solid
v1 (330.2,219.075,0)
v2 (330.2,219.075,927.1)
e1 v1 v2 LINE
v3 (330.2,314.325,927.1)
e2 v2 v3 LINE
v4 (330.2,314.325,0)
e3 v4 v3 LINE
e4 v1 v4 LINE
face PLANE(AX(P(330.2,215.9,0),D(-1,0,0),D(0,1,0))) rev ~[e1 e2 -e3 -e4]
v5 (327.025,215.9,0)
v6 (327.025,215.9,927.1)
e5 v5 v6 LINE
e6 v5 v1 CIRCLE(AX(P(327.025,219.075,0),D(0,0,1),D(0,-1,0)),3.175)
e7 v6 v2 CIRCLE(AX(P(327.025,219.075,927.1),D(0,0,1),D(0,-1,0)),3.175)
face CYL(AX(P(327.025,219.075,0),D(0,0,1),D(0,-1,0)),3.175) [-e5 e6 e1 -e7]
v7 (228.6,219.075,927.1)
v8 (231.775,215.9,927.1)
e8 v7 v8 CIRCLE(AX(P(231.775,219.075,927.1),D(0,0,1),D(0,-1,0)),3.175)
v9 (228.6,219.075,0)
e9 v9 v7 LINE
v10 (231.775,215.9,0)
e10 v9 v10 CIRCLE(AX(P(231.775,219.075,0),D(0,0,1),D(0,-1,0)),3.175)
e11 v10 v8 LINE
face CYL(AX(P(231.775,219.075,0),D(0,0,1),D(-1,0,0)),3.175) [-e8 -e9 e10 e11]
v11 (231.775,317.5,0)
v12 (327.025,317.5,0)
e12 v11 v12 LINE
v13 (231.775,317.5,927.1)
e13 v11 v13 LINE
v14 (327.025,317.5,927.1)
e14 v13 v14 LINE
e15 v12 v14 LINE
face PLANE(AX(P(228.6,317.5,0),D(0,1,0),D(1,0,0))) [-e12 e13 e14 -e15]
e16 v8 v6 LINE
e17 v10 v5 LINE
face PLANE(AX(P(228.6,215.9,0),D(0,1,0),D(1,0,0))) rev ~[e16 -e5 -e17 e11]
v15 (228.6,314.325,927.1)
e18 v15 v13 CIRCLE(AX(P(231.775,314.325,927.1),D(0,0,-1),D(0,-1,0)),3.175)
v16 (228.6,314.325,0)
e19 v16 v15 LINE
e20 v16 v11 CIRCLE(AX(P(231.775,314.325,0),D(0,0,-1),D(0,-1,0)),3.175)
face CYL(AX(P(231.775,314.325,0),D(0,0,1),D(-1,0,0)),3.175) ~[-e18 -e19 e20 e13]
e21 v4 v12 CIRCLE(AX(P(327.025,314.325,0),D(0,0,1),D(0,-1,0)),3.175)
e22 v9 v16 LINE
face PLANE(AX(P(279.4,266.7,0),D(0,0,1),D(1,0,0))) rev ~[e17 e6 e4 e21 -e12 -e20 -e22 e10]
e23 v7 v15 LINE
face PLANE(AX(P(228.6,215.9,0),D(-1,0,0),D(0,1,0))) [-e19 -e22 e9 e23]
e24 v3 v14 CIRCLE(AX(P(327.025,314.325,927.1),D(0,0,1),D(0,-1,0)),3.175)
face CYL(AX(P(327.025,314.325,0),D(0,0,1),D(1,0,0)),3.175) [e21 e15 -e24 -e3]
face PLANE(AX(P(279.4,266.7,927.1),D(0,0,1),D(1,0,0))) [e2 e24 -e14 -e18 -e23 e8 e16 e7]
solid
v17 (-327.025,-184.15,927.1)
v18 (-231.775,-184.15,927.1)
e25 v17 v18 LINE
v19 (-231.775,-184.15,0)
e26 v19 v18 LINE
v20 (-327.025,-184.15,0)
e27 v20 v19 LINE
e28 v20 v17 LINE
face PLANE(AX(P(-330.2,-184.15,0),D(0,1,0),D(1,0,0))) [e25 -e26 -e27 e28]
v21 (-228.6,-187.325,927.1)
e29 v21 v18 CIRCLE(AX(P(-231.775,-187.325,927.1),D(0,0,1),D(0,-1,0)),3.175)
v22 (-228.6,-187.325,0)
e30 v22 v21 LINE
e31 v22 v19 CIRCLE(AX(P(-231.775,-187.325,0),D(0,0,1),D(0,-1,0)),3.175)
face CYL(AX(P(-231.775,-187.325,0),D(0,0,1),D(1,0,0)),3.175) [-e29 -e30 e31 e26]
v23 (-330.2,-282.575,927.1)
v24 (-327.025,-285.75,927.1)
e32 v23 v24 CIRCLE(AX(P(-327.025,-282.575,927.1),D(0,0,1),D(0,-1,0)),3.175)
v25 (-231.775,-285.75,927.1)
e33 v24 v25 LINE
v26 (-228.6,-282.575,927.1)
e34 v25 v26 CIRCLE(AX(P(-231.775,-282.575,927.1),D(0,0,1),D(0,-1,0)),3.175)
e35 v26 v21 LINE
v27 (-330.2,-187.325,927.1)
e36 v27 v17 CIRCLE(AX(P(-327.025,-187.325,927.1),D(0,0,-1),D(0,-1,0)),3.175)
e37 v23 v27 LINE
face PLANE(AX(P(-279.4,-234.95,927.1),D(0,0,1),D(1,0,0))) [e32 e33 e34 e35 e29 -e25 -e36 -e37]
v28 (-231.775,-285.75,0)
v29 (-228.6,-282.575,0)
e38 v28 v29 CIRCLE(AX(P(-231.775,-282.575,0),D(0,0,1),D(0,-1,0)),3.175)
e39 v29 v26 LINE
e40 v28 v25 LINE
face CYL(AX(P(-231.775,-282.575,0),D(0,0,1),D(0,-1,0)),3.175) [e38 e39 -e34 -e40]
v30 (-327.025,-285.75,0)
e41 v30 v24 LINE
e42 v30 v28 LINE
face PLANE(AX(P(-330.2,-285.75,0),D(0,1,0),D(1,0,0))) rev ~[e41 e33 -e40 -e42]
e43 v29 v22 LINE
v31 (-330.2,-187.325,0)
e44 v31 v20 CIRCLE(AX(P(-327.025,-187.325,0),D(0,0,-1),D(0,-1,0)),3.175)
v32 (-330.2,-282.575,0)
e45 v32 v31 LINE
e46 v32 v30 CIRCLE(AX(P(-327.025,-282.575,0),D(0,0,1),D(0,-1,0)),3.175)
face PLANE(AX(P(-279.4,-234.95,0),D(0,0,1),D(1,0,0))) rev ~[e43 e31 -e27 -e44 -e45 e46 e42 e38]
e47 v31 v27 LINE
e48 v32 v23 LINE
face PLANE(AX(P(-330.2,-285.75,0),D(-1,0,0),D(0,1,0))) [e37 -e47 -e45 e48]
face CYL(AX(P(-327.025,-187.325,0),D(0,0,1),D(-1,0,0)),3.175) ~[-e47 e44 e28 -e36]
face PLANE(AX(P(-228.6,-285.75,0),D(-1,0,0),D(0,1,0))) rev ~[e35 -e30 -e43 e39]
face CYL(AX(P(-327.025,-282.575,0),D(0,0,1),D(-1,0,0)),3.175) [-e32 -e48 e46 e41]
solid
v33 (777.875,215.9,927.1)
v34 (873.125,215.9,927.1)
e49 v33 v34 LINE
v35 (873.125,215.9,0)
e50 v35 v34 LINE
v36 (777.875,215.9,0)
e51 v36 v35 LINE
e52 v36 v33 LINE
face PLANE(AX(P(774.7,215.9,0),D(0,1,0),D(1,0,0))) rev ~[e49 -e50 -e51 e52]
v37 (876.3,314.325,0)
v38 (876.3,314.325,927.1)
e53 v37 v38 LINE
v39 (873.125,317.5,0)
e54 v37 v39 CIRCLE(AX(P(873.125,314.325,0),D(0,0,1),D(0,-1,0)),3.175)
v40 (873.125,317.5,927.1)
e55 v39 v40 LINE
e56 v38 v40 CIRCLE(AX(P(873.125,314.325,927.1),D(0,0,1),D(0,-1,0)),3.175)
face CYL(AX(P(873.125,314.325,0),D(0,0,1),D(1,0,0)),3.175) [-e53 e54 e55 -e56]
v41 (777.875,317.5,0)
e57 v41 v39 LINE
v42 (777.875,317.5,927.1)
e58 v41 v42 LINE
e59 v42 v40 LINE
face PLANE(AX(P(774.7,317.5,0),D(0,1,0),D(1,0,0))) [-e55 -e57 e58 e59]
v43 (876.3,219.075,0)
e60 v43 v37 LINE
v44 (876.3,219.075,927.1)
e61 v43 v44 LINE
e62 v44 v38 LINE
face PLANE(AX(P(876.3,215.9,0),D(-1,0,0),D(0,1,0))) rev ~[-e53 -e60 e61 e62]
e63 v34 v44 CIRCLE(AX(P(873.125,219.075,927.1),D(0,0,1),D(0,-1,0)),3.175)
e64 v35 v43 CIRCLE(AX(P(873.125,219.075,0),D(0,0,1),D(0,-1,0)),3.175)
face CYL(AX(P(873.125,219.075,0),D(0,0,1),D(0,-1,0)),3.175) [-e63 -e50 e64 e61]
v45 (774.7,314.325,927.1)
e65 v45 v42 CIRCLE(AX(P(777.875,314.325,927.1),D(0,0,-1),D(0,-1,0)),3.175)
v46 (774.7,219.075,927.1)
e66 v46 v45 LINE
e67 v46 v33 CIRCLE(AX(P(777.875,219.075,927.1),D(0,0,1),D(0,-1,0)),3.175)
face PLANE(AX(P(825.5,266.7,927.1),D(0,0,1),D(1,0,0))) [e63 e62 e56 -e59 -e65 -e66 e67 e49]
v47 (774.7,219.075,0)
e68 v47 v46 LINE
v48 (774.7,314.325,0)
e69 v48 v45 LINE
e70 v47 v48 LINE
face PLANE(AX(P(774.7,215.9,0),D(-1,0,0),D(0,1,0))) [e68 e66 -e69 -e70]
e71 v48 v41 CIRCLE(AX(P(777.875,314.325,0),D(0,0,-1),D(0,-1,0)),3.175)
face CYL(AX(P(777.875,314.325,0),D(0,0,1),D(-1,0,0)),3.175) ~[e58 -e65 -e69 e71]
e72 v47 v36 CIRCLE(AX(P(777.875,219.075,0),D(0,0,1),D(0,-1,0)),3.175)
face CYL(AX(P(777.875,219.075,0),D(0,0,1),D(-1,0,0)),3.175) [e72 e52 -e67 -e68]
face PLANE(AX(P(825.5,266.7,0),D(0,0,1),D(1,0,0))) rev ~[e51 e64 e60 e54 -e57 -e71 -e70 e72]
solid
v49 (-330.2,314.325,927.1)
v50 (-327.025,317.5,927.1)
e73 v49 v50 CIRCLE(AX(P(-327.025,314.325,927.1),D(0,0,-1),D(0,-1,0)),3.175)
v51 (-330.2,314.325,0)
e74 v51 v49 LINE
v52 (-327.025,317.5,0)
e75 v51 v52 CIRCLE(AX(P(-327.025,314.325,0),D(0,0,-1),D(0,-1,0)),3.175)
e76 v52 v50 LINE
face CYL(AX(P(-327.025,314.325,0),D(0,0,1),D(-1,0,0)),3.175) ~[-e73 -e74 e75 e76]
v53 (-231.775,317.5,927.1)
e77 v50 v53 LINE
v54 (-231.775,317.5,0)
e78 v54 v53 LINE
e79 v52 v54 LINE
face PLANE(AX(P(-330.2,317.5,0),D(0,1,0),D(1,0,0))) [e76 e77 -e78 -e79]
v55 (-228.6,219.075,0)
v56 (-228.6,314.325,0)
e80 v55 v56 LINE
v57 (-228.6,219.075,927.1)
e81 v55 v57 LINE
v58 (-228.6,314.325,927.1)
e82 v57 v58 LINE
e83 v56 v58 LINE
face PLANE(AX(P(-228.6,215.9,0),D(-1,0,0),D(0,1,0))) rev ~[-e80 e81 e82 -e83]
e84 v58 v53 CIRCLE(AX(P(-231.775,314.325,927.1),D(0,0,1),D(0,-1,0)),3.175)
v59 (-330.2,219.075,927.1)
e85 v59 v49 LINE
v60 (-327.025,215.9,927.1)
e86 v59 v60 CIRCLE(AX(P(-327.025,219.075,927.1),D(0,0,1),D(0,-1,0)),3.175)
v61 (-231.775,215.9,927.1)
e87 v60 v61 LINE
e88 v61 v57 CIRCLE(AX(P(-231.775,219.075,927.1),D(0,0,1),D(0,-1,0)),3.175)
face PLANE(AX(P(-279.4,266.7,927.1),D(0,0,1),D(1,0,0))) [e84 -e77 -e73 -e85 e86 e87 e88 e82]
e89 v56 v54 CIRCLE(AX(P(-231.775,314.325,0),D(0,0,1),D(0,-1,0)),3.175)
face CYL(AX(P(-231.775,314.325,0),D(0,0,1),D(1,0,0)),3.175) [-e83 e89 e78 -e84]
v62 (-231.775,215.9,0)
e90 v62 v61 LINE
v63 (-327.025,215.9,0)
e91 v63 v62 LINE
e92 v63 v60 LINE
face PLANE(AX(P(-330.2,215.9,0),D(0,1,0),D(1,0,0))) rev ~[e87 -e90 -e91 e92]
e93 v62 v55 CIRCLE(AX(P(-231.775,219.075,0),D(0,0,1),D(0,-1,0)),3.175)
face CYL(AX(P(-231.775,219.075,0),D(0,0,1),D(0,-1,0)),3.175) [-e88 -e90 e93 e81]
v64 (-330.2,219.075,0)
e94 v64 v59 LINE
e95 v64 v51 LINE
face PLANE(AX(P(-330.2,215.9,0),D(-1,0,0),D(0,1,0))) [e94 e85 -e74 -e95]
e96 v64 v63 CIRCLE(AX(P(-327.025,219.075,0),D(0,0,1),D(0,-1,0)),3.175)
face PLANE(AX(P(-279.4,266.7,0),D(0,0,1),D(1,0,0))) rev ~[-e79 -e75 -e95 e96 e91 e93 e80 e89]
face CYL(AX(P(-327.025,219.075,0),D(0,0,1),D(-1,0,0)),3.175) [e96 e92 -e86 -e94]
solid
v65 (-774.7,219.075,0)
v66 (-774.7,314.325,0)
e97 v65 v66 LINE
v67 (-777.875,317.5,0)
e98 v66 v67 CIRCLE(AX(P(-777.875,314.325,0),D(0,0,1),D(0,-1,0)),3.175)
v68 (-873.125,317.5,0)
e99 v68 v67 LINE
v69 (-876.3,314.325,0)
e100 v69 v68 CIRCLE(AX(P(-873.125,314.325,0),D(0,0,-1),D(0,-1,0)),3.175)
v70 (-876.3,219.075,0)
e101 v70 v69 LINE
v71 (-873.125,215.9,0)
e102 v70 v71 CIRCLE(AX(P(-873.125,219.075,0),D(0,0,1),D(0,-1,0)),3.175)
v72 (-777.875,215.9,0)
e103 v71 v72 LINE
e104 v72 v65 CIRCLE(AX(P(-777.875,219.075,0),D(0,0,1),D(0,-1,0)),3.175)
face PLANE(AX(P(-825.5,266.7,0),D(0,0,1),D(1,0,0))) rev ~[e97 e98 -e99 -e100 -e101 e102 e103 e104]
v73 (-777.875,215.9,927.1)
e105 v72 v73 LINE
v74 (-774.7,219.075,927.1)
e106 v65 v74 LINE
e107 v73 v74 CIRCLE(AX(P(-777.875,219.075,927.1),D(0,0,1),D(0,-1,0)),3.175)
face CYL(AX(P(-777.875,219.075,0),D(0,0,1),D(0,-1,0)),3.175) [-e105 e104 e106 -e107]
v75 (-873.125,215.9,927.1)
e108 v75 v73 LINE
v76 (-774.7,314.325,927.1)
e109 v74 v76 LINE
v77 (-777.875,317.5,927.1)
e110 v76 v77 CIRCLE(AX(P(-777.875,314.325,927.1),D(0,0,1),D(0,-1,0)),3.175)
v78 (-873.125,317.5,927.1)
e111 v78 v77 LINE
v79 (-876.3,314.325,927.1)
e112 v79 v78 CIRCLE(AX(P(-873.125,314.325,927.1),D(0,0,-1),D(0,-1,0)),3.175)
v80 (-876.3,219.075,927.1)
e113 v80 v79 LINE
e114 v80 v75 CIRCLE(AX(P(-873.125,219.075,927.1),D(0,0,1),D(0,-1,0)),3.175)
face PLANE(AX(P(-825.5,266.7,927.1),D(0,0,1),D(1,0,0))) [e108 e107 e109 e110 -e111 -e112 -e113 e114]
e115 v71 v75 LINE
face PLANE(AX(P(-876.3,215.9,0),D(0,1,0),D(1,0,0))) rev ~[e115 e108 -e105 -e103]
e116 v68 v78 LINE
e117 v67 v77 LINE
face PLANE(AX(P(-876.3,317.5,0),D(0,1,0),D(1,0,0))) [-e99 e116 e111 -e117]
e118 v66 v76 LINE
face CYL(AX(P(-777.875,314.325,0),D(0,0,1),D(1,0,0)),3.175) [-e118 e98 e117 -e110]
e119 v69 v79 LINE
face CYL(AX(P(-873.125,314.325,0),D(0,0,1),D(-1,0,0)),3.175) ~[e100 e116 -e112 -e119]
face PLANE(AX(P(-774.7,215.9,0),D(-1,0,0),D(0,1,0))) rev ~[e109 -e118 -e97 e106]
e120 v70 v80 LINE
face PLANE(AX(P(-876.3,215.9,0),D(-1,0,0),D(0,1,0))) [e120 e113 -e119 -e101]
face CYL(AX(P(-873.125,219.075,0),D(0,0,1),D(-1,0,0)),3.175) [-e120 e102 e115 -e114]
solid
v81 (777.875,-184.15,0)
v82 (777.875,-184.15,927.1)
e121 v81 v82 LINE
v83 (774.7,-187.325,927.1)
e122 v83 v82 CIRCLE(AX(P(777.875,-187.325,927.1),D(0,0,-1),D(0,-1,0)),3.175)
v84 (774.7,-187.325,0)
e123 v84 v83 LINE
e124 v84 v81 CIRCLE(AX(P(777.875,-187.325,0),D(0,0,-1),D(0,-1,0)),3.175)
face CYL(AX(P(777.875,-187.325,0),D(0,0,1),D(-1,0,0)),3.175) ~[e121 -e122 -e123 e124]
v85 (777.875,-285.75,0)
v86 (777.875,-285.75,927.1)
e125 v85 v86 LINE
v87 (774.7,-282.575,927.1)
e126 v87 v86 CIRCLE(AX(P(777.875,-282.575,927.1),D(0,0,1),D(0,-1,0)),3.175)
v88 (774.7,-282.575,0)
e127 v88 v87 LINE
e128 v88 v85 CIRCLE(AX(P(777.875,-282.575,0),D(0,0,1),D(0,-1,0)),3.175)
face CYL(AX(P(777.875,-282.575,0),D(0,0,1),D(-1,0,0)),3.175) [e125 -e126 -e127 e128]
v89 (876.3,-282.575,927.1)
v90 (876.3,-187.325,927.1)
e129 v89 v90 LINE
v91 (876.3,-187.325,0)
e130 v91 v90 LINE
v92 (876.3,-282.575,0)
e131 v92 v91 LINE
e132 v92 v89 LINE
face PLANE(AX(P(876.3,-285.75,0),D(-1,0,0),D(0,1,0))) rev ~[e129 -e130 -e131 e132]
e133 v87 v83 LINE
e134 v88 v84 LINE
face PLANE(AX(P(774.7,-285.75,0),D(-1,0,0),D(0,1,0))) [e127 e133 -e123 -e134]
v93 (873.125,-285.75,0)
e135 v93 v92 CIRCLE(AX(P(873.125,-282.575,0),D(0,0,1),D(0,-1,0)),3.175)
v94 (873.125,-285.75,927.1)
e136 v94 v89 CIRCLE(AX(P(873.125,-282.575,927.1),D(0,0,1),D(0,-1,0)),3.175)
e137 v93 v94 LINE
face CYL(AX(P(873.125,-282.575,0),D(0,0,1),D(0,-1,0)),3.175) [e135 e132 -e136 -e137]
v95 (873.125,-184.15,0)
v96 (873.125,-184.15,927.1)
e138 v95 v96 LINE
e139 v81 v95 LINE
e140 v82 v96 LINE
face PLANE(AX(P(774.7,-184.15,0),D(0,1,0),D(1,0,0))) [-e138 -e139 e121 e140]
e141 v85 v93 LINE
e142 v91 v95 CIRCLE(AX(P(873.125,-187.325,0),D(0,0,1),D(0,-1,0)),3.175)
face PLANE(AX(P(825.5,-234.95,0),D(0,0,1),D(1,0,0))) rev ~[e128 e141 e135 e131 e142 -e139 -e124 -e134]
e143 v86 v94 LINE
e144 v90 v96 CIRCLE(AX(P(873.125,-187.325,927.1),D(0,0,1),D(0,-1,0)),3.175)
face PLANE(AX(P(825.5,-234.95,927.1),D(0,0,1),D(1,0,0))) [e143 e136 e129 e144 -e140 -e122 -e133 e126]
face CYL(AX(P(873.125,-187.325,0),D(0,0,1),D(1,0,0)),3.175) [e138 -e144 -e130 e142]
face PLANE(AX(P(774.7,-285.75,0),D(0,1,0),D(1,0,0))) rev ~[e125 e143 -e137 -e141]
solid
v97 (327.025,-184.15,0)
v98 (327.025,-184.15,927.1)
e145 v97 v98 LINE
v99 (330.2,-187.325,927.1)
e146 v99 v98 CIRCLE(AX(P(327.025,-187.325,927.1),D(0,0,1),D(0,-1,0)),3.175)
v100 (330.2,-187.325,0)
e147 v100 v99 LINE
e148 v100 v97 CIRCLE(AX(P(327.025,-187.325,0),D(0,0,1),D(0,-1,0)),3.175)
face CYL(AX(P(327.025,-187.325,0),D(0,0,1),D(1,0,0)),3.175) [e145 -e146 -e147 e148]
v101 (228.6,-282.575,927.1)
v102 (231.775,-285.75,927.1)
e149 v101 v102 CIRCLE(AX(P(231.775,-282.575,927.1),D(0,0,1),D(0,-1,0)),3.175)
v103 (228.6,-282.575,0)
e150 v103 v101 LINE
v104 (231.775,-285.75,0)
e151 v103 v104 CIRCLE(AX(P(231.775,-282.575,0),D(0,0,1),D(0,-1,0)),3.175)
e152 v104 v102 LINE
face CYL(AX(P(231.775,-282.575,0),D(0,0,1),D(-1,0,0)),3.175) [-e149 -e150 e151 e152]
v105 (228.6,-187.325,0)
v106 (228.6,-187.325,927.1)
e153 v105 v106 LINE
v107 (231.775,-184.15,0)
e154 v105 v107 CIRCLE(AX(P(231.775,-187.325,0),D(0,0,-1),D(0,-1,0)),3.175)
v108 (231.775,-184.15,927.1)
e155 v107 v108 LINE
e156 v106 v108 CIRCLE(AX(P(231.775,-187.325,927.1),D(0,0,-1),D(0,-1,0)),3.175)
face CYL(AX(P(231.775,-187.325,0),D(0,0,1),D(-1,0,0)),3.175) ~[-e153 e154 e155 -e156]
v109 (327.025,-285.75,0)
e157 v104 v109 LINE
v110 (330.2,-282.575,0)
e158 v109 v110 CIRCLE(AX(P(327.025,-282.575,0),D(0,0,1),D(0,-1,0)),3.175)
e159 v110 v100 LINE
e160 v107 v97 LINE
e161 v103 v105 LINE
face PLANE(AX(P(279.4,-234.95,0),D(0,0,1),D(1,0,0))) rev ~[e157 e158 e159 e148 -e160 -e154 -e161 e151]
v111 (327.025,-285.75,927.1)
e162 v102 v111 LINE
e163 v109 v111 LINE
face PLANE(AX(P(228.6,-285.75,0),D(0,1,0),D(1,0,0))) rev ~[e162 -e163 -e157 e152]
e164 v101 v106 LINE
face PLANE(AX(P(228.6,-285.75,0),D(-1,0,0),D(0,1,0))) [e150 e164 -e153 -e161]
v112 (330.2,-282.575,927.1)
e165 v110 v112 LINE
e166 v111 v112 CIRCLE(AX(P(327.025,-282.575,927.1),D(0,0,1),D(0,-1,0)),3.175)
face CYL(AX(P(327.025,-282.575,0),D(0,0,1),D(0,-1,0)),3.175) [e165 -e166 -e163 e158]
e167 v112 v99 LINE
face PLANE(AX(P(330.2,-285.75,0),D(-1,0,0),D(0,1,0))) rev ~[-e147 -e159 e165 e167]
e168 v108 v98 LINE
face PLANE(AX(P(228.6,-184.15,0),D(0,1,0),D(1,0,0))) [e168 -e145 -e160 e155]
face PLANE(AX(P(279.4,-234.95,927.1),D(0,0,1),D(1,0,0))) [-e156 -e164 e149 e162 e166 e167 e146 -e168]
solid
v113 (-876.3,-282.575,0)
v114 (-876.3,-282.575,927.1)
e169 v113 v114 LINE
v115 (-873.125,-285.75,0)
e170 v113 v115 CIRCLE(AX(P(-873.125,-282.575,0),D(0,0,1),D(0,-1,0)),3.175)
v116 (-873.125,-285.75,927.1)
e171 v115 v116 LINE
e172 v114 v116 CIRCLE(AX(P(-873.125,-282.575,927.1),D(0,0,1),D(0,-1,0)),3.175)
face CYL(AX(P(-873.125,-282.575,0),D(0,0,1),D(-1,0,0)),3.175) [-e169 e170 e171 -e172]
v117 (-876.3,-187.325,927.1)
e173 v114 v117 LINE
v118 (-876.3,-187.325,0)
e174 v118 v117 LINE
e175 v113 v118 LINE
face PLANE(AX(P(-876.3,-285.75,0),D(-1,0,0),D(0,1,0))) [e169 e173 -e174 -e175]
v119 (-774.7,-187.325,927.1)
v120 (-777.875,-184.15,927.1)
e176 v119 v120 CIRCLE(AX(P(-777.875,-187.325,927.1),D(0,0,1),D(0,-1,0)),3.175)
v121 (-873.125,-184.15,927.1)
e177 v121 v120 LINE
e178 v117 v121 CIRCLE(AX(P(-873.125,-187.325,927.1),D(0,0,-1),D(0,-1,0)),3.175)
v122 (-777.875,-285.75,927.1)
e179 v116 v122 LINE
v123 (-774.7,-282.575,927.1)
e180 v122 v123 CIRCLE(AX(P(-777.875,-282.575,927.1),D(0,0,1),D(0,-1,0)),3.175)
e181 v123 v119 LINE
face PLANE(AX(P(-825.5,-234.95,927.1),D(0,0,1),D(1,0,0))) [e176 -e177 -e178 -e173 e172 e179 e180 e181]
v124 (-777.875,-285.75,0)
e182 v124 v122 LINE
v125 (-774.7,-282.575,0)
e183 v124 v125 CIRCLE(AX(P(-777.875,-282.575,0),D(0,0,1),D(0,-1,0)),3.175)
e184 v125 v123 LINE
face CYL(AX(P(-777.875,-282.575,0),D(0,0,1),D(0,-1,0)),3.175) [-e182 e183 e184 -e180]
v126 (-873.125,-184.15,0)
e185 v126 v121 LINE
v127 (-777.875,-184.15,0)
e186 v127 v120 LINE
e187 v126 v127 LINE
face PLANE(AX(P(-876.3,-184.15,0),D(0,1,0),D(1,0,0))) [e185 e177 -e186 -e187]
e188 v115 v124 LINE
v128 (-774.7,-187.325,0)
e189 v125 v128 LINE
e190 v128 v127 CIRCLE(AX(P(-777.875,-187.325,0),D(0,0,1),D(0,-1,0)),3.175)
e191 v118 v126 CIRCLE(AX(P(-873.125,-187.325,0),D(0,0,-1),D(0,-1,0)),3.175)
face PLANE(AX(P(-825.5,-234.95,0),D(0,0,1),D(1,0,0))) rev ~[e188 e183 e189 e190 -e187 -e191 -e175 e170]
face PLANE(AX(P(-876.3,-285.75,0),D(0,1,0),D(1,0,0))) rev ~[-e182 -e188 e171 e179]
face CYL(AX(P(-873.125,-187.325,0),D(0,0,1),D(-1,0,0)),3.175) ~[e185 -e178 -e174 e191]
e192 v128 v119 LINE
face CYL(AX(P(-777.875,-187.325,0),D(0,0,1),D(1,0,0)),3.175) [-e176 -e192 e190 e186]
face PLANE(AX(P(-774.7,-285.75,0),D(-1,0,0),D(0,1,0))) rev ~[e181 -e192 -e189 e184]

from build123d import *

# Parameters (mm, degrees)
F0_W     = 101.6
F0_H     = 101.6
F1_DEPTH = 927.1
F2_R     = 3.175


with BuildPart() as f1:
    # F0 (on Top) → F1 (new body)
    with BuildSketch(Plane.XY):
        with Locations((825.5, 266.7)):
            Rectangle(F0_W, F0_H)
        with Locations((279.4, 266.7)):
            Rectangle(F0_W, F0_H)
        with Locations((-279.4, 266.7)):
            Rectangle(F0_W, F0_H)
        with Locations((-825.5, 266.7)):
            Rectangle(F0_W, F0_H)
        with Locations((-825.5, -234.95)):
            Rectangle(F0_W, F0_H)
        with Locations((825.5, -234.95)):
            Rectangle(F0_W, F0_H)
        with Locations((279.4, -234.95)):
            Rectangle(F0_W, F0_H)
        with Locations((-279.4, -234.95)):
            Rectangle(F0_W, F0_H)
    extrude(amount=F1_DEPTH)

    # F2
    f2_edges = [f1.edges().sort_by_distance(p)[0] for p in [
        (-876.3, -285.75, 463.55),
        (-774.7, -285.75, 463.55),
        (-774.7, -184.15, 463.55),
        (-876.3, 215.9, 463.55),
        (-774.7, 215.9, 463.55),
        (-774.7, 317.5, 463.55),
        (-330.2, -285.75, 463.55),
        (-228.6, -285.75, 463.55),
        (-228.6, -184.15, 463.55),
        (-330.2, 215.9, 463.55),
        (-228.6, 215.9, 463.55),
        (-228.6, 317.5, 463.55),
        (228.6, -285.75, 463.55),
        (330.2, -184.15, 463.55),
        (228.6, 215.9, 463.55),
        (330.2, 215.9, 463.55),
        (330.2, 317.5, 463.55),
        (876.3, -285.75, 463.55),
        (774.7, -285.75, 463.55),
        (876.3, -184.15, 463.55),
        (774.7, 215.9, 463.55),
        (876.3, 317.5, 463.55),
        (876.3, 215.9, 463.55),
        (774.7, -184.15, 463.55),
        (330.2, -285.75, 463.55),
        (774.7, 317.5, 463.55),
        (228.6, -184.15, 463.55),
        (228.6, 317.5, 463.55),
        (-330.2, -184.15, 463.55),
        (-330.2, 317.5, 463.55),
        (-876.3, -184.15, 463.55),
        (-876.3, 317.5, 463.55),
    ]]
    fillet(f2_edges, radius=F2_R)


solid = f1.part
